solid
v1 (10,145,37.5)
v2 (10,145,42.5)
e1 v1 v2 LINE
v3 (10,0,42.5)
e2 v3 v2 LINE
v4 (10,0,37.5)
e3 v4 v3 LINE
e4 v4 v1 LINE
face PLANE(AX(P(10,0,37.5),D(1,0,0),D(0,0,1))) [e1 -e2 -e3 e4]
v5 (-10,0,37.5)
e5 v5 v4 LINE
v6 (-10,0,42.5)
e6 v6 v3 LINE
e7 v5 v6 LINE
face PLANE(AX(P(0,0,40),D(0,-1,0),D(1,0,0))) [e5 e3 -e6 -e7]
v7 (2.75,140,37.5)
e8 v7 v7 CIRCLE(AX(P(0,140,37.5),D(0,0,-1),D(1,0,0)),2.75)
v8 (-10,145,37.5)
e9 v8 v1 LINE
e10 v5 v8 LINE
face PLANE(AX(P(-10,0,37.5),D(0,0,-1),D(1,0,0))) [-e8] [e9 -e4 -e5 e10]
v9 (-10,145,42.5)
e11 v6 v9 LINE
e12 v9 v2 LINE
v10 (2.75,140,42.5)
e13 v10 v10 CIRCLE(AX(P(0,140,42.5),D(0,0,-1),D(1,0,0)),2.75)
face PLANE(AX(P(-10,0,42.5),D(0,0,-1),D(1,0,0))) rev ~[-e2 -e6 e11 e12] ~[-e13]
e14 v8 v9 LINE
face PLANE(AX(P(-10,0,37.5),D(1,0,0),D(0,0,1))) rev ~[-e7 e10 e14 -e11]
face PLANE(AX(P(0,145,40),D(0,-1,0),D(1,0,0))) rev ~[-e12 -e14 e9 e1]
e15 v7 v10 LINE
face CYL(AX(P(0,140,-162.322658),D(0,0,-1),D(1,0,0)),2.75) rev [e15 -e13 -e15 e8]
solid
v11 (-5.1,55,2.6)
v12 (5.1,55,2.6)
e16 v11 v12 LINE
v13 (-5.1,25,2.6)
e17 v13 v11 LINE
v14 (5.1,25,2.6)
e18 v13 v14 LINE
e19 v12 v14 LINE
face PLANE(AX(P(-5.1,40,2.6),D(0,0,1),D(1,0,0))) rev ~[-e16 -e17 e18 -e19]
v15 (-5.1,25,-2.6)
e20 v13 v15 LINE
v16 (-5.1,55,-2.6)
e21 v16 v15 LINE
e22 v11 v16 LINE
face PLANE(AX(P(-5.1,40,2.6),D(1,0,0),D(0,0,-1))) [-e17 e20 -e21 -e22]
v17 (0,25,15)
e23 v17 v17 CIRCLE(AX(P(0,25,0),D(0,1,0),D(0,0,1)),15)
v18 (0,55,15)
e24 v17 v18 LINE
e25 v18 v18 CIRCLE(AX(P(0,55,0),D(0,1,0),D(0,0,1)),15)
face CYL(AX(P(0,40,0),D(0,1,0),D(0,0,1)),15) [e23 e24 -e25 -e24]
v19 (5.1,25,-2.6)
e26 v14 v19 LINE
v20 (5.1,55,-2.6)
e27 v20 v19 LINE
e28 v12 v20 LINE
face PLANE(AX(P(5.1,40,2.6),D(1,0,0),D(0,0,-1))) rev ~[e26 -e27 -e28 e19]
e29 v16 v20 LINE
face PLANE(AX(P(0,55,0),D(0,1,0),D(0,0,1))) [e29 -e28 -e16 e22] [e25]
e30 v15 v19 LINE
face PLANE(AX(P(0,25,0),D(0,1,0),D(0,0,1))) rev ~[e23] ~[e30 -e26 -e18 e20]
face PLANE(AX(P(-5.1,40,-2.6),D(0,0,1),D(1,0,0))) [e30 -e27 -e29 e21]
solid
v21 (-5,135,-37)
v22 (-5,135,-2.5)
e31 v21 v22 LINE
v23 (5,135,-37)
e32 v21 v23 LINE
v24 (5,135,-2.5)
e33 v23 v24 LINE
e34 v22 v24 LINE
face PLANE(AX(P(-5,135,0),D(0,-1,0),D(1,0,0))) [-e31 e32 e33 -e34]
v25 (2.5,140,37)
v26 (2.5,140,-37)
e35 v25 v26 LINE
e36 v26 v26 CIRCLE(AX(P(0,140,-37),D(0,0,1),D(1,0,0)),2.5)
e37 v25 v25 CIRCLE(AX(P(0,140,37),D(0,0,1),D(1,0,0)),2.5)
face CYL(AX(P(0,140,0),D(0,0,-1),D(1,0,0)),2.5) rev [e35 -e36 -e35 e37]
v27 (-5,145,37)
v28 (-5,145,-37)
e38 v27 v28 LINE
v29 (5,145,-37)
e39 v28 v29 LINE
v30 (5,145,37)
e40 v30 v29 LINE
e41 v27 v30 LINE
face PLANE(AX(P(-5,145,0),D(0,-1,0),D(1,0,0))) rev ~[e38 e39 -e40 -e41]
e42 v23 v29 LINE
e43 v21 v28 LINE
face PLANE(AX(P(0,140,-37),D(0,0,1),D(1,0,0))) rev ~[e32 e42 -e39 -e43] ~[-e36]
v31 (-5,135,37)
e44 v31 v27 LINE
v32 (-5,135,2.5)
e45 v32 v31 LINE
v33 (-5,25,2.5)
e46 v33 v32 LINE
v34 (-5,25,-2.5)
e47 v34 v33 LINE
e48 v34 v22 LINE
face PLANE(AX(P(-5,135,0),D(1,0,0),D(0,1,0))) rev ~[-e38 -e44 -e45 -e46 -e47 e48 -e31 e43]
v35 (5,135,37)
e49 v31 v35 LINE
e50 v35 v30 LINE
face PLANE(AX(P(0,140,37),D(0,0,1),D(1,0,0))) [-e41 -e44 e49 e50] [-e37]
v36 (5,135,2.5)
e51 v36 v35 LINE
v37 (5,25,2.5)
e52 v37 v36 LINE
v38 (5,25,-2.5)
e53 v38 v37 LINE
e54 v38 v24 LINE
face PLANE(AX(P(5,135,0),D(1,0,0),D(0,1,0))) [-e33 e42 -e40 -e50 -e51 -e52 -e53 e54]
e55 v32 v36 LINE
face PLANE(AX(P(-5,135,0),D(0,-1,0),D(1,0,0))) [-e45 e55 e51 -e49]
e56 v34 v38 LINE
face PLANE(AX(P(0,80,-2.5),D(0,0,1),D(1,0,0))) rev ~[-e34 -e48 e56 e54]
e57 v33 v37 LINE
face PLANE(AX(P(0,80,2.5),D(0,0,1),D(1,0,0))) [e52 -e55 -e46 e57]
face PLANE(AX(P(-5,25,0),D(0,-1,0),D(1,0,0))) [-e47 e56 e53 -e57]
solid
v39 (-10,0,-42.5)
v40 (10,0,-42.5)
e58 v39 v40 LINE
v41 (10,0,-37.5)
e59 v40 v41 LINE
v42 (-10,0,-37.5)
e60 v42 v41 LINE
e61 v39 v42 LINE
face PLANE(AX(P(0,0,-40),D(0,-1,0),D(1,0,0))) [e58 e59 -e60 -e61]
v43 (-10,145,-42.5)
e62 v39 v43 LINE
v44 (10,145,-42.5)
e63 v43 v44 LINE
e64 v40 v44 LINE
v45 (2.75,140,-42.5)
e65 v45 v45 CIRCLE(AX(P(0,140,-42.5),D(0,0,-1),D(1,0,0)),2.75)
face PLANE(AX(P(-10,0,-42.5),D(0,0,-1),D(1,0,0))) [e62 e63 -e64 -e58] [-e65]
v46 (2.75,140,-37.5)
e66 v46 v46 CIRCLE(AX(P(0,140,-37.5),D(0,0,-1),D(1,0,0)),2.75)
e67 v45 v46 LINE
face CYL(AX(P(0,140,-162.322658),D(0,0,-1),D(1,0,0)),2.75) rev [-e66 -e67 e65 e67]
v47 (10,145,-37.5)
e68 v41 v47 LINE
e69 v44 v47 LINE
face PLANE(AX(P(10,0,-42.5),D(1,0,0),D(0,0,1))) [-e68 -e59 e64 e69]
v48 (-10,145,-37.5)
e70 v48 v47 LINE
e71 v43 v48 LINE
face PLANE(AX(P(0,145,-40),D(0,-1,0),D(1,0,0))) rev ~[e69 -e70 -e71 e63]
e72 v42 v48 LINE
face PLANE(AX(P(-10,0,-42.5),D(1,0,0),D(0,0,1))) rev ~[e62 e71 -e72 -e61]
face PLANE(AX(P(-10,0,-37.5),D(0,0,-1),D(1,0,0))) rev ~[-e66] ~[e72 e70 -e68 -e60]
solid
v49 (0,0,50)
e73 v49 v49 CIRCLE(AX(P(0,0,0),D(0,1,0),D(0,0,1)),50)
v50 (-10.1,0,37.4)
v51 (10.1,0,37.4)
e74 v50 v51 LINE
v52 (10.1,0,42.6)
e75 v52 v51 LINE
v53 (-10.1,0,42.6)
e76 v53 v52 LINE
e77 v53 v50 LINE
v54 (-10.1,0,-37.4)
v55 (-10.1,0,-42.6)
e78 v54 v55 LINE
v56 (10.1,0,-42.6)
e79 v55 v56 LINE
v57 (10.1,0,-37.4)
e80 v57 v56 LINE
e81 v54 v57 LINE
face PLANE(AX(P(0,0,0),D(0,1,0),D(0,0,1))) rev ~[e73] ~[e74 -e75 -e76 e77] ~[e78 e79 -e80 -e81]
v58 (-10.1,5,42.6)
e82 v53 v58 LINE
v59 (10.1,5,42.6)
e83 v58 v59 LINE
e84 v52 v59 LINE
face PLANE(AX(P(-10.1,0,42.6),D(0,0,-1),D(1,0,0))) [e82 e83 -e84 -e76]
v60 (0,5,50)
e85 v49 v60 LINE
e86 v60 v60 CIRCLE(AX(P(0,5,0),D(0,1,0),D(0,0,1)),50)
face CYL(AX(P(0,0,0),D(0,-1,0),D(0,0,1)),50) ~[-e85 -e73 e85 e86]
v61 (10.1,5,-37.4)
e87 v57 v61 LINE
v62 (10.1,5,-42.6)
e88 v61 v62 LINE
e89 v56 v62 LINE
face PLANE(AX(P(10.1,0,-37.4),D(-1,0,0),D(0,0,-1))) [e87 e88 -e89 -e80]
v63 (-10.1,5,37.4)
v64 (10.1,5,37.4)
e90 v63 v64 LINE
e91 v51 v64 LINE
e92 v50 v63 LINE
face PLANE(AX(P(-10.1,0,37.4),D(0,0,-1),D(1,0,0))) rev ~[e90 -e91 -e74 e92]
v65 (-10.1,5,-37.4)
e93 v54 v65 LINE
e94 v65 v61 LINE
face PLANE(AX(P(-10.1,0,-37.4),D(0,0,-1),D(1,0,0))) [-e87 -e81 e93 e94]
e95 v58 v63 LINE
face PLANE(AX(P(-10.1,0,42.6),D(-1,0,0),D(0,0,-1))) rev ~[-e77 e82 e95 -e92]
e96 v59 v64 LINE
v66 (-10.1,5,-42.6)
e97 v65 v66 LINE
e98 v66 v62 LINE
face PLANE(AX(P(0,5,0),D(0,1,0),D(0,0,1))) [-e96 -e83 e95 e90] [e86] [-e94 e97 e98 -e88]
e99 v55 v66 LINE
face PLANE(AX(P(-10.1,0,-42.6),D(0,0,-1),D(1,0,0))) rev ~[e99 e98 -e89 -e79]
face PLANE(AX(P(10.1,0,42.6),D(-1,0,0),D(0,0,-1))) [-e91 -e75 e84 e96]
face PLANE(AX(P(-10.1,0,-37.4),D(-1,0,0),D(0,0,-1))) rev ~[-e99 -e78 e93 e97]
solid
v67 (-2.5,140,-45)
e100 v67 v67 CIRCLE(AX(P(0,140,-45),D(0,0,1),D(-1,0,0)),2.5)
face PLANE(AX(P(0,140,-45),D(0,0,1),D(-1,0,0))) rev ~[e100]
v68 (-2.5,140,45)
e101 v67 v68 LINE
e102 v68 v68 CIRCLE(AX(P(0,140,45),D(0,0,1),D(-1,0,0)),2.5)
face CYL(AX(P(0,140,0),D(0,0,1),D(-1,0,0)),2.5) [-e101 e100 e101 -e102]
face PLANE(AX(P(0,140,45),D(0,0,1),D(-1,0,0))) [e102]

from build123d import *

# Parameters (mm, degrees)
SKETCH1_R               = 50
SKETCH1_W               = 20.2
SKETCH1_H               = 5.2
BOSS_EXTRUDE1_DEPTH     = 5
SKETCH2_W               = 20
SKETCH2_H               = 5
BOSS_EXTRUDE2_DEPTH     = 145
BOSS_EXTRUDE2_2_DEPTH   = 145
CUT_EXTRUDE1_DEPTH      = 162.322658049
CUT_EXTRUDE1_DEPTH_BACK = 162.322658049
SKETCH3_R               = 2.75
SKETCH4_R               = 2.5
BOSS_EXTRUDE3_DEPTH     = 45
SKETCH5_W               = 10
SKETCH5_H               = 10
SKETCH5_R               = 2.5
BOSS_EXTRUDE4_DEPTH     = 37
SKETCH10_W              = 10
SKETCH10_H              = 110
BOSS_EXTRUDE7_DEPTH     = 2.5
SKETCH11_R              = 15
SKETCH11_W              = 10.2
SKETCH11_H              = 5.2
BOSS_EXTRUDE8_DEPTH     = 15


with BuildPart() as part:
    # Sketch1 → Boss-Extrude1 (new body)
    with BuildSketch(Plane(origin=(0, 0, 0), x_dir=(1, 0, 0), z_dir=(0, 1, 0))):
        with Locations(Location((0, 0, 0), (0, 0, 270))):
            Circle(SKETCH1_R)
        with Locations((0, 40)):
            Rectangle(SKETCH1_W, SKETCH1_H, mode=Mode.SUBTRACT)
        with Locations((0, -40)):
            Rectangle(SKETCH1_W, SKETCH1_H, mode=Mode.SUBTRACT)
    extrude(amount=BOSS_EXTRUDE1_DEPTH)


with BuildPart() as body_2:
    # Sketch2 → Boss-Extrude2 (new body)
    with BuildSketch(Plane.XZ):
        with Locations((0, 40)):
            Rectangle(SKETCH2_W, SKETCH2_H)
    extrude(amount=-BOSS_EXTRUDE2_DEPTH)


with BuildPart() as body_3:
    # Sketch2 → Boss-Extrude2 2 (new body)
    with BuildSketch(Plane.XZ):
        with Locations((0, -40)):
            Rectangle(SKETCH2_W, SKETCH2_H)
    extrude(amount=-BOSS_EXTRUDE2_2_DEPTH)


with BuildPart() as cut_extrude1_tool:
    # Sketch3 → Cut-Extrude1 (new, two sides: drawn at the far end of the back side and taken through both)
    with BuildSketch(Plane.XY.offset(-CUT_EXTRUDE1_DEPTH_BACK)):
        with Locations((0, 140)):
            Circle(SKETCH3_R)
    extrude(amount=CUT_EXTRUDE1_DEPTH + CUT_EXTRUDE1_DEPTH_BACK)


with BuildPart() as body_2_1:
    add(body_2.part)

    # Cut-Extrude1: cut by cut_extrude1_tool
    add(cut_extrude1_tool.part, mode=Mode.SUBTRACT)


with BuildPart() as body_3_1:
    add(body_3.part)

    # Cut-Extrude1: cut by cut_extrude1_tool
    add(cut_extrude1_tool.part, mode=Mode.SUBTRACT)


with BuildPart() as body_4:
    # Sketch4 → Boss-Extrude3 (new, symmetric)
    with BuildSketch(Plane.XY):
        with Locations(Location((0, 140, 0), (0, 0, 180))):
            Circle(SKETCH4_R)
    extrude(amount=BOSS_EXTRUDE3_DEPTH, both=True)


with BuildPart() as body_5:
    # Sketch5 → Boss-Extrude4 (new, symmetric)
    with BuildSketch(Plane.XY):
        with Locations((0, 140)):
            Rectangle(SKETCH5_W, SKETCH5_H)
        with Locations((0, 140)):
            Circle(SKETCH5_R, mode=Mode.SUBTRACT)
    extrude(amount=BOSS_EXTRUDE4_DEPTH, both=True)

    # Sketch10 → Boss-Extrude7 (add, symmetric)
    with BuildSketch(Plane.XY):
        with Locations((0, 80)):
            Rectangle(SKETCH10_W, SKETCH10_H)
    extrude(amount=BOSS_EXTRUDE7_DEPTH, both=True)


with BuildPart() as body_6:
    # Sketch11 → Boss-Extrude8 (new, symmetric)
    with BuildSketch(Plane(origin=(0, 40, 0), x_dir=(1, 0, 0), z_dir=(0, 1, 0))):
        with Locations(Location((0, 0, 0), (0, 0, 270))):
            Circle(SKETCH11_R)
        Rectangle(SKETCH11_W, SKETCH11_H, mode=Mode.SUBTRACT)
    extrude(amount=BOSS_EXTRUDE8_DEPTH, both=True)


solid = Compound([part.part, body_2_1.part, body_3_1.part, body_4.part, body_5.part, body_6.part])
